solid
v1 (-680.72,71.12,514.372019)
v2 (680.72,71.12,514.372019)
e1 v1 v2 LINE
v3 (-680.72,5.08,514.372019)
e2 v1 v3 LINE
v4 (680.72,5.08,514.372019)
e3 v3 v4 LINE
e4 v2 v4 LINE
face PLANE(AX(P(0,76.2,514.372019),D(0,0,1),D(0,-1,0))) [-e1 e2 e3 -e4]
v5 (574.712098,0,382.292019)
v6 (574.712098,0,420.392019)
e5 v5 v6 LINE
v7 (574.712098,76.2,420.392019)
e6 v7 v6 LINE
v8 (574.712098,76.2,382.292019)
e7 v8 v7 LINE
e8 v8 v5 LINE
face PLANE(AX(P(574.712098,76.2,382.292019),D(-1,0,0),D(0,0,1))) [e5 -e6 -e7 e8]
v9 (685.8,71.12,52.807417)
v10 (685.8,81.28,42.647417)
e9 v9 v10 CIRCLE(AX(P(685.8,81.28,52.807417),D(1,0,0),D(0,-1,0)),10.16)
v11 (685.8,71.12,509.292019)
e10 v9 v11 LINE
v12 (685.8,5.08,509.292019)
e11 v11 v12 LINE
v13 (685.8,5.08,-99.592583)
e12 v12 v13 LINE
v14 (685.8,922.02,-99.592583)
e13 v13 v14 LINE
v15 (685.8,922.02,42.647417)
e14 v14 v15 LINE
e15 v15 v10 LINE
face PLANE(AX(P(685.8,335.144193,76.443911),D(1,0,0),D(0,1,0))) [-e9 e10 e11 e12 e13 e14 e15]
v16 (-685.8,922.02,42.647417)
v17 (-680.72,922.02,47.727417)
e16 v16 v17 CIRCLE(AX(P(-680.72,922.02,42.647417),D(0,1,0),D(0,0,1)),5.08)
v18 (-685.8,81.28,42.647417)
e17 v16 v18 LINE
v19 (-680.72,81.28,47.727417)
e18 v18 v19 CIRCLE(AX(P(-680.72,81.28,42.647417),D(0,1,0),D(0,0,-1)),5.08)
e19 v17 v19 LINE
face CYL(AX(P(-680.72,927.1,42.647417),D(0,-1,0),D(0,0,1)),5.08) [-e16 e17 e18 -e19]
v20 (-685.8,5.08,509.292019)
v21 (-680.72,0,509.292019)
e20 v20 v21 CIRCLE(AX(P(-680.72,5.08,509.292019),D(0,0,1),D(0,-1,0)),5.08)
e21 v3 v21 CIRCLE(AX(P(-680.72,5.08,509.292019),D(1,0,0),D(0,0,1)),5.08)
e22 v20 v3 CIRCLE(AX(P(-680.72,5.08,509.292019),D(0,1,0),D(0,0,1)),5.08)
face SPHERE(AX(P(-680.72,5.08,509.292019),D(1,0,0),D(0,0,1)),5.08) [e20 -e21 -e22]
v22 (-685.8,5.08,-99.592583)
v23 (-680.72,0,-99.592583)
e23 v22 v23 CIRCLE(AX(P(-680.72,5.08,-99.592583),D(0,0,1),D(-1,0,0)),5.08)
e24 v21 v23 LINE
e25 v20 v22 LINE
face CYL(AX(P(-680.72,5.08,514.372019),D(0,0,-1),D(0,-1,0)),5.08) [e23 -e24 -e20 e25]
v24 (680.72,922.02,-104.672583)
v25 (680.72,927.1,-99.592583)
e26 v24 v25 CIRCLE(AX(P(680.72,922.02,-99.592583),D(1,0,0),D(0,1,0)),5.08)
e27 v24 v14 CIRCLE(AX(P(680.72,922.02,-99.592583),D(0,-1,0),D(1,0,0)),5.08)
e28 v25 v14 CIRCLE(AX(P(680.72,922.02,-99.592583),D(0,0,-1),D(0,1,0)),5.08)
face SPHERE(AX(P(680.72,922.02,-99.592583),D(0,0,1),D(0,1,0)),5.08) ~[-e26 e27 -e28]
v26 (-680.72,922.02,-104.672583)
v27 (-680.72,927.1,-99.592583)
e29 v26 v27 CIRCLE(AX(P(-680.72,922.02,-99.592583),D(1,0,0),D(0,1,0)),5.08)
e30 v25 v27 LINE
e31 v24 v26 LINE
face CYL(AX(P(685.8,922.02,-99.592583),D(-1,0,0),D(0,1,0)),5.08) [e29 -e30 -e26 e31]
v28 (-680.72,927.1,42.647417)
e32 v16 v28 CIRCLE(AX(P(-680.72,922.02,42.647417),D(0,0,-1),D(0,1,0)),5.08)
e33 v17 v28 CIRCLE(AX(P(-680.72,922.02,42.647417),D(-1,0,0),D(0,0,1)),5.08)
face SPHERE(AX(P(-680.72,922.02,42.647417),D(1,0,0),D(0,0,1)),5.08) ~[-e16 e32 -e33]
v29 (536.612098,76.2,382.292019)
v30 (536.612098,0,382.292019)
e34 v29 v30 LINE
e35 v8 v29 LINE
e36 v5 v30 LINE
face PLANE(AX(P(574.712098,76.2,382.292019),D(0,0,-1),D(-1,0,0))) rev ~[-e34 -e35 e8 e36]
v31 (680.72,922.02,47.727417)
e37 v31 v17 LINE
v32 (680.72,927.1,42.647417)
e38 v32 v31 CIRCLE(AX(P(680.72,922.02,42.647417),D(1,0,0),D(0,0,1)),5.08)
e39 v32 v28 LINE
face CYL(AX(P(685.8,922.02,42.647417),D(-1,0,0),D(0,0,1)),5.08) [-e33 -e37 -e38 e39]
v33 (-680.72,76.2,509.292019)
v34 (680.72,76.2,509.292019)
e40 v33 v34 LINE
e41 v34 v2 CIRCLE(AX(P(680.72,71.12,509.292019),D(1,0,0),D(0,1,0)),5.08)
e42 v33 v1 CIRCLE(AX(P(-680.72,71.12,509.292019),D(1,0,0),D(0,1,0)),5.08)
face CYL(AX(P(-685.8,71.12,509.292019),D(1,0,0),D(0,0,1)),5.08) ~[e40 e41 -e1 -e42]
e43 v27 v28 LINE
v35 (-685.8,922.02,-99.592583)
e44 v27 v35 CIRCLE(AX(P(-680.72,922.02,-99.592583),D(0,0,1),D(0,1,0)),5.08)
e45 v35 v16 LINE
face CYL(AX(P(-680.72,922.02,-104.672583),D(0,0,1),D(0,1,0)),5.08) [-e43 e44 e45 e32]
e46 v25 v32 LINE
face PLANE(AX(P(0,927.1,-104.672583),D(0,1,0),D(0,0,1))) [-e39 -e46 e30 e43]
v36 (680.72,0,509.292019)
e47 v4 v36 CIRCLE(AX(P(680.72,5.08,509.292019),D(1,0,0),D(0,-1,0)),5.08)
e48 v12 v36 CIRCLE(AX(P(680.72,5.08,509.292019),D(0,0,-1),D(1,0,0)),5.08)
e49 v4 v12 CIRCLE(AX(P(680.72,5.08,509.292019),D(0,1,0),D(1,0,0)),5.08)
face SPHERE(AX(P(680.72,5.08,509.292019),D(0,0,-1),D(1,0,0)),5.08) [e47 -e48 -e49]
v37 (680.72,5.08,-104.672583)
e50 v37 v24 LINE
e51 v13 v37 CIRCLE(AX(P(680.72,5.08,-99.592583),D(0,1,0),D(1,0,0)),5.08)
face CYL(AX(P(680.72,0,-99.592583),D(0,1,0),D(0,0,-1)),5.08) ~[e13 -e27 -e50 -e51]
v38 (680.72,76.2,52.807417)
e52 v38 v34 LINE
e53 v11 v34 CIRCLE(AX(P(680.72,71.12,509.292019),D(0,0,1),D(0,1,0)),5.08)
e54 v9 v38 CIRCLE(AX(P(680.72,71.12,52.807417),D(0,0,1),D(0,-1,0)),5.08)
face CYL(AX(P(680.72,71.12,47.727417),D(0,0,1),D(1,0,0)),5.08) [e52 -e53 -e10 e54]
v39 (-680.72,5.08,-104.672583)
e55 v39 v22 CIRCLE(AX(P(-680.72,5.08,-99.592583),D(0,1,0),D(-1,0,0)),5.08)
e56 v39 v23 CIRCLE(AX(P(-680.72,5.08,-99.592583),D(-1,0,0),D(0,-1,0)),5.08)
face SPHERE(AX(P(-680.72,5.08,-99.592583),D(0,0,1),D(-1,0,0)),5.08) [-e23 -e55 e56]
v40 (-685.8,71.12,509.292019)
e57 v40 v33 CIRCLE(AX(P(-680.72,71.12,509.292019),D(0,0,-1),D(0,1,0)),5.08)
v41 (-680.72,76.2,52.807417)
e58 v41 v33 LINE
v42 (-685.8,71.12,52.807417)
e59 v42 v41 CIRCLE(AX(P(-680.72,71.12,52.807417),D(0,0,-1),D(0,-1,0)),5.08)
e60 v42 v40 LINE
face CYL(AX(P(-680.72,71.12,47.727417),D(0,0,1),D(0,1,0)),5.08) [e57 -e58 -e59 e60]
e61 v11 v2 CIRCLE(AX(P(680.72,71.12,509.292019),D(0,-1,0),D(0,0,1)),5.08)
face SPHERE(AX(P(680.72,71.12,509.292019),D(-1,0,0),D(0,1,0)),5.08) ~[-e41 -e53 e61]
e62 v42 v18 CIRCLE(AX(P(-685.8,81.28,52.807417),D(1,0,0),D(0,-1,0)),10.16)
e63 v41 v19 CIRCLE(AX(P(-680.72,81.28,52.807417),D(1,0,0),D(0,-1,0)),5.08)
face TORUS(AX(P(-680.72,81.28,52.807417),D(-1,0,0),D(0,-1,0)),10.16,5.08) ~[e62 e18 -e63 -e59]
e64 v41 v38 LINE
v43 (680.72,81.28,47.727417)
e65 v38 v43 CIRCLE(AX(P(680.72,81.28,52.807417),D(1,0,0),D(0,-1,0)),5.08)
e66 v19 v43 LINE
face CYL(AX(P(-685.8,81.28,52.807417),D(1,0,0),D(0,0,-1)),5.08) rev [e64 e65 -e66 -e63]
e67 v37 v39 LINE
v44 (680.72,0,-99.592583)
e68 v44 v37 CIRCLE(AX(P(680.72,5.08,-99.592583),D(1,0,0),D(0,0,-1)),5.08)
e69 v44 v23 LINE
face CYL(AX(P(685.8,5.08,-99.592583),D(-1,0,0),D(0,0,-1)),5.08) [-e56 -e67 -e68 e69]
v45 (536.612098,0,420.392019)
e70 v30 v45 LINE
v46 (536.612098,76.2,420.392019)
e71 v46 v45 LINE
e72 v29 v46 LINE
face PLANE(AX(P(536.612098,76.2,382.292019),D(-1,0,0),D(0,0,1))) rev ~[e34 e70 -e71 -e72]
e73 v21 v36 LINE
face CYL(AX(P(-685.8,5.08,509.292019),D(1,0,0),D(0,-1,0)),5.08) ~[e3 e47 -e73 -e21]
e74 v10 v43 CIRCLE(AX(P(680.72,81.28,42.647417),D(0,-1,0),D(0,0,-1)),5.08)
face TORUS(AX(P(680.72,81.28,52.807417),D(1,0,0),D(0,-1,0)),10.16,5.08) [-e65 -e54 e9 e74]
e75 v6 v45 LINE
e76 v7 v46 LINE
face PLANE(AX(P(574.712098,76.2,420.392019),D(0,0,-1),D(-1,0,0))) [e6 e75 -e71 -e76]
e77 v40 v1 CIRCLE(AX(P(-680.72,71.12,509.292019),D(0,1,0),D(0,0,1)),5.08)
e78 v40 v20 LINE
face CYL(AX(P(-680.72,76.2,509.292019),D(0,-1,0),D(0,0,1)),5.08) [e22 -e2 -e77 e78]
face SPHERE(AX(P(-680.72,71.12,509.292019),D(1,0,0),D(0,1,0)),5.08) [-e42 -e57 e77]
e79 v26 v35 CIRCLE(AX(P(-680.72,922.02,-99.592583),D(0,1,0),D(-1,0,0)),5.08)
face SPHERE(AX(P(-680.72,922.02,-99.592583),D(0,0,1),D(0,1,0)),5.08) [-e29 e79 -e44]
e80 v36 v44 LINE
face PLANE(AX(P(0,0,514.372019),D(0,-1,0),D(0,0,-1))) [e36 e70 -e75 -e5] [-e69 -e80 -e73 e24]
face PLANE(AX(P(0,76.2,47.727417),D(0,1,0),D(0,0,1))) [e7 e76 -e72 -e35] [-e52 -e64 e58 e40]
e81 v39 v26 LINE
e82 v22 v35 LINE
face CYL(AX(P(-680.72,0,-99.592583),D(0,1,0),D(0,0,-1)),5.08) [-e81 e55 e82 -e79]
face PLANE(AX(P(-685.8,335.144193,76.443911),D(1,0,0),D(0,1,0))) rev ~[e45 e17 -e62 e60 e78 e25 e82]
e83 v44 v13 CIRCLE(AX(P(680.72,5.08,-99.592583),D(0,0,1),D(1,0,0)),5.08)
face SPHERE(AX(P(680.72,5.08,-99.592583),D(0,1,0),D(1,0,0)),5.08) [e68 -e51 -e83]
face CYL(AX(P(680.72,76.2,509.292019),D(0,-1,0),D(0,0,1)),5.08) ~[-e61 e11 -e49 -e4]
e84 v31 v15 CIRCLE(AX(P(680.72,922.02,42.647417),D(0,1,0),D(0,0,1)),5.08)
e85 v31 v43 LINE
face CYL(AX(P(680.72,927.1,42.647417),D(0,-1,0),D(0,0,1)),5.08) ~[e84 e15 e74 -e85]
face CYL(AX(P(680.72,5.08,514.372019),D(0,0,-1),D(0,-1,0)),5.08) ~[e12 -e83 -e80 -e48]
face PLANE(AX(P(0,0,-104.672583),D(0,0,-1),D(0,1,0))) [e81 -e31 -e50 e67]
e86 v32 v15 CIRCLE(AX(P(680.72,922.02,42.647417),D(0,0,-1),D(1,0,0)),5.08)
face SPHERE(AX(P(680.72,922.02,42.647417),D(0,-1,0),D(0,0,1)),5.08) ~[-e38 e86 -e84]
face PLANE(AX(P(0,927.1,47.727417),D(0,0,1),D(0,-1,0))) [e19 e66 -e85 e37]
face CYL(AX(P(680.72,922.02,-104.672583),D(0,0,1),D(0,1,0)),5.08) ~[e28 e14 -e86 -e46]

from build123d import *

# Parameters (mm, degrees)
F1_DEPTH   = 685.8
F2_R       = 5.08
F3_W       = 38.1
F3_H       = 38.1
F1_FACE1_W = 1361.44
F1_FACE1_H = 608.8846015944
F4_DEPTH   = 76.201


with BuildPart() as f1:
    # F0 (on Right) → F1 (new body, symmetric)
    with BuildSketch(Plane.YZ):
        Polygon((927.1, 47.7274174528), (76.2, 47.7274174528), (76.2, 514.3720190472), (0, 514.3720190472), (0, -104.6725825472), (76.2, -104.6725825472), (927.1, -104.6725825472), align=None)
    extrude(amount=F1_DEPTH, both=True)

    # F2
    f2_edges = [f1.edges().sort_by_distance(p)[0] for p in [
        (0, 76.2, 514.372019),
        (685.8, 76.2, 281.049718),
        (-685.8, 76.2, 281.049718),
        (685.8, 501.65, 47.727417),
        (0, 927.1, 47.727417),
        (-685.8, 501.65, 47.727417),
        (0, 76.2, 47.727417),
        (685.8, 927.1, -28.472583),
        (-685.8, 927.1, -28.472583),
        (0, 927.1, -104.672583),
        (685.8, 463.55, -104.672583),
        (685.8, 0, 204.849718),
        (685.8, 38.1, 514.372019),
        (0, 0, 514.372019),
        (-685.8, 38.1, 514.372019),
        (-685.8, 0, 204.849718),
        (-685.8, 463.55, -104.672583),
        (0, 0, -104.672583),
    ]]
    fillet(f2_edges, radius=F2_R)

    # F3 (on face) + F1_face1 (on face) → F4 (cut, through all)
    with BuildSketch(Plane(origin=(0, 76.2, 0), x_dir=(-1, 0, 0), z_dir=(0, 1, 0))):
        with Locations((-555.6620976448, 401.3420190472)):
            Rectangle(F3_W, F3_H)
    with BuildSketch(Plane(origin=(0, 0, 204.84971825), x_dir=(1, 0, 0), z_dir=(0, -1, 0))):
        Rectangle(F1_FACE1_W, F1_FACE1_H)
    extrude(amount=-F4_DEPTH, dir=(0, 1, 0), mode=Mode.SUBTRACT)


solid = f1.part
